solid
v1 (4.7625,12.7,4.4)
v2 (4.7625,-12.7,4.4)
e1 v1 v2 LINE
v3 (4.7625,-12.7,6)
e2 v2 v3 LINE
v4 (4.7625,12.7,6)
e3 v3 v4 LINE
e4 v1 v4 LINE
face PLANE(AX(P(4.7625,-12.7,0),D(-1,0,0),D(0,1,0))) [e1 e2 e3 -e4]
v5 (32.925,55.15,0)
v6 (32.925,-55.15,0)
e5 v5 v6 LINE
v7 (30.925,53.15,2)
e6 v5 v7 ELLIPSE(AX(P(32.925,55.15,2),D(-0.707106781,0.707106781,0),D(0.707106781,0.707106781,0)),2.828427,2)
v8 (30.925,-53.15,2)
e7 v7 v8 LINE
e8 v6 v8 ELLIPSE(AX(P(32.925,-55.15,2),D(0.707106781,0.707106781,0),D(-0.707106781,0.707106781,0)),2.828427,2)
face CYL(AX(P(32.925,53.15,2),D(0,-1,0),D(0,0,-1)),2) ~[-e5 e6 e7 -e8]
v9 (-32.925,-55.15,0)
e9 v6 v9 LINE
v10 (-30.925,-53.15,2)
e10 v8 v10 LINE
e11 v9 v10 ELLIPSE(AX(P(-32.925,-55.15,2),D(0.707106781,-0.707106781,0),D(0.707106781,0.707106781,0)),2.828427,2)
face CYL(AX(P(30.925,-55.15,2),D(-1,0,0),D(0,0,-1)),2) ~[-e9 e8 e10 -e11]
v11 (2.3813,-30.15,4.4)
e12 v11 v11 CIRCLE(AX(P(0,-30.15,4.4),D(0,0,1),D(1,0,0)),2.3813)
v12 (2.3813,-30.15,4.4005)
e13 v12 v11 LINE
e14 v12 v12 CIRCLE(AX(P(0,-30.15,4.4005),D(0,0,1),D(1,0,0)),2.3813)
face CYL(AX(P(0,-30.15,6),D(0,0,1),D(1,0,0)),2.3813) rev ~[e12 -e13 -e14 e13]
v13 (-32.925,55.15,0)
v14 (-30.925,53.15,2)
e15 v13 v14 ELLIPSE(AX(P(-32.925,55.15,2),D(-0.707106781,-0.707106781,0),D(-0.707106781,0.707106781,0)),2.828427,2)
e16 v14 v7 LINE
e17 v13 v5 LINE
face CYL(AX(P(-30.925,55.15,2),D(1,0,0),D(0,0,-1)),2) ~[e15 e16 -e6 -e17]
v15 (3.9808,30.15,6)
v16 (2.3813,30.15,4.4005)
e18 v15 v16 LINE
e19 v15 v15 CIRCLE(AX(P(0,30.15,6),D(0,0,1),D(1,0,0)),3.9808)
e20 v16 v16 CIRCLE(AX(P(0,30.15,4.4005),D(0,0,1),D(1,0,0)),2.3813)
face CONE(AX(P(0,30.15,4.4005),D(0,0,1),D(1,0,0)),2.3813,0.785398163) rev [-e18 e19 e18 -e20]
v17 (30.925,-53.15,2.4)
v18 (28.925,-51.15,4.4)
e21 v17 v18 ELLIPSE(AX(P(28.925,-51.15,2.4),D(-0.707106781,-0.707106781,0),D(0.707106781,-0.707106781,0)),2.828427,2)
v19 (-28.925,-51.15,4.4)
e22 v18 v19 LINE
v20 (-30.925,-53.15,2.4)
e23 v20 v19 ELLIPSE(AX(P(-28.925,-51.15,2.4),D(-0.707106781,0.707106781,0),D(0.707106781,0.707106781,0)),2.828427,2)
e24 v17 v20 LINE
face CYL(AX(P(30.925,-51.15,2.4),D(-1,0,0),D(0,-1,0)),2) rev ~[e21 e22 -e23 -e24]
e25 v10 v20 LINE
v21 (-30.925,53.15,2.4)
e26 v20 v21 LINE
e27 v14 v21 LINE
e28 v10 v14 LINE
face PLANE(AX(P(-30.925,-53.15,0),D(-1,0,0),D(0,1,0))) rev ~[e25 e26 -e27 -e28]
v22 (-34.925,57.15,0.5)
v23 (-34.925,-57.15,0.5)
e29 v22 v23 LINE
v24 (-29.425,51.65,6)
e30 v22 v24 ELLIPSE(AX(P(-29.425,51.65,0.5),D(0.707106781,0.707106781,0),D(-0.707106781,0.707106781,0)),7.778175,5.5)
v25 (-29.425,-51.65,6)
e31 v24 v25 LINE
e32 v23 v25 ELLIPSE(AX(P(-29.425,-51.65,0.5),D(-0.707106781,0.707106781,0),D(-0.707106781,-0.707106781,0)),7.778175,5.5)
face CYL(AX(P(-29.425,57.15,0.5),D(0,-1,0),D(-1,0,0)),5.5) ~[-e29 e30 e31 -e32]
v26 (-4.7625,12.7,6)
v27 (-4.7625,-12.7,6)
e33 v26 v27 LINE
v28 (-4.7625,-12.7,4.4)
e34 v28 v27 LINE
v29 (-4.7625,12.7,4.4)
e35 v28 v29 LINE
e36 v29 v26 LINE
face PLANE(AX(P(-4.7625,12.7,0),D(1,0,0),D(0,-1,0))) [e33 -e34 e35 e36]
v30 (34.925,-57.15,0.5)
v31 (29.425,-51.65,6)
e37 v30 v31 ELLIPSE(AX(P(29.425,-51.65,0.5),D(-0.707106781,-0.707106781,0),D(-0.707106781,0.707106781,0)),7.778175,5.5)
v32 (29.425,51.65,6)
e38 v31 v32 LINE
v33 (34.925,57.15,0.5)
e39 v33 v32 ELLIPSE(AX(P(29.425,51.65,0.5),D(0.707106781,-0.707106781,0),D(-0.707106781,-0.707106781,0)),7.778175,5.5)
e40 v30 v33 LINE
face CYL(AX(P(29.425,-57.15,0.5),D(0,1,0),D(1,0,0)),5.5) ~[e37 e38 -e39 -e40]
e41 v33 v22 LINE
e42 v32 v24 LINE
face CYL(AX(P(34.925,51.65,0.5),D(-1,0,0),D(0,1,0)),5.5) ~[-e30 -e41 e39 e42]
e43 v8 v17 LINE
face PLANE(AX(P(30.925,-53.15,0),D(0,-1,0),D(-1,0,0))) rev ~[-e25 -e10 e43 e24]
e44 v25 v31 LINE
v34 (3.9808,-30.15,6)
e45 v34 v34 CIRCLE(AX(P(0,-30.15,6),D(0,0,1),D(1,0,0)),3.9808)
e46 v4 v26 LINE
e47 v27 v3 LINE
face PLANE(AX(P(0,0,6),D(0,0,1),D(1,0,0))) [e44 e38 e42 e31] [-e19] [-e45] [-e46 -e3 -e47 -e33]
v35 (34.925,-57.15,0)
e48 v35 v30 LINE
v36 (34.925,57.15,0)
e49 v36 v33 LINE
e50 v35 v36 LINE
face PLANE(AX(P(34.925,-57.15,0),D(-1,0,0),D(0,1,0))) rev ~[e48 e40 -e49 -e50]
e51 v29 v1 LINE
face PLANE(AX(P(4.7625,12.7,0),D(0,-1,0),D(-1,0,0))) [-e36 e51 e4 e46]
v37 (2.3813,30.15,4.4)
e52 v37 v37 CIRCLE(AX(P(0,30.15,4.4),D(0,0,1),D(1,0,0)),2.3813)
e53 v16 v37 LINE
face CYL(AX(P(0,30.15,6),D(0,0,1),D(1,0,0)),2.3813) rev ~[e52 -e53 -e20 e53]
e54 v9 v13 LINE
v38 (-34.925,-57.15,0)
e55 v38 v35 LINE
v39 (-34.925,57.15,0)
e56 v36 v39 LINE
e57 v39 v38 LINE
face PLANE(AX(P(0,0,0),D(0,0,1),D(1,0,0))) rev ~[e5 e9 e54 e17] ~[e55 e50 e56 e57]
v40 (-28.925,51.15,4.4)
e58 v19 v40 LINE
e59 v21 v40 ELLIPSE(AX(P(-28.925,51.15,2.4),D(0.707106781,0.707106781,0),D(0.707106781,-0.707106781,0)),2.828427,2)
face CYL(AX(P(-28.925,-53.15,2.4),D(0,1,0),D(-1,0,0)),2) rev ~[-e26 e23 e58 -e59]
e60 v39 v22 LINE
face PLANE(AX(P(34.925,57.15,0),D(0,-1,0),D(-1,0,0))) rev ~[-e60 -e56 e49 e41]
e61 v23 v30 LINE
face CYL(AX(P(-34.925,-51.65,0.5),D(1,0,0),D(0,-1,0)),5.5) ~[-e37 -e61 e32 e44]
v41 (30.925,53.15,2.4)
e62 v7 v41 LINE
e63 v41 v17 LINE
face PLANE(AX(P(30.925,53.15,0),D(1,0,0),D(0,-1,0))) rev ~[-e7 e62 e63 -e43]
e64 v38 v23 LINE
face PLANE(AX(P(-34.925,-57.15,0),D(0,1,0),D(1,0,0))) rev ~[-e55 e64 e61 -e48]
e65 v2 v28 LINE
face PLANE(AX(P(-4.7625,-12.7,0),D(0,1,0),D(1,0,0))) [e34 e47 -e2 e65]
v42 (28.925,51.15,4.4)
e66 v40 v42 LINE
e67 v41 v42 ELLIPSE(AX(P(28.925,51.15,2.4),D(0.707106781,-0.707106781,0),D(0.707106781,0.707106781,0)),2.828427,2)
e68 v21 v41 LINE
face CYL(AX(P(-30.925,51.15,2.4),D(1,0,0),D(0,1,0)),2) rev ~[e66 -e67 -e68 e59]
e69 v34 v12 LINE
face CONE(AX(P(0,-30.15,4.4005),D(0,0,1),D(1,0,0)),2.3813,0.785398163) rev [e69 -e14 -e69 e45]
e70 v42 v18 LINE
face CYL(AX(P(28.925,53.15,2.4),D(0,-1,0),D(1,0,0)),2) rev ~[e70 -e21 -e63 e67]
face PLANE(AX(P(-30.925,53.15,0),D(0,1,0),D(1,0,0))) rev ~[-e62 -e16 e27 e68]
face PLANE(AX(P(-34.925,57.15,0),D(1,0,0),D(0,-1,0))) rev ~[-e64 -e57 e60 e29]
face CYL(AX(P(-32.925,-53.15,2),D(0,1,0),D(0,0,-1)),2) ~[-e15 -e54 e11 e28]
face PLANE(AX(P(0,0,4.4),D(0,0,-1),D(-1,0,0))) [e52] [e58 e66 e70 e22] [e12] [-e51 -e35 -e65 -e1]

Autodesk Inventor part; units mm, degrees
ref_plane "YZ Plane" through (0, 0, 0) normal (1, 0, 0) x (0, 1, 0)
ref_plane "XZ Plane" through (0, 0, 0) normal (0, 1, 0) x (-1, 0, 0)
ref_plane "XY Plane" through (0, 0, 0) normal (0, 0, 1) x (1, 0, 0)
sketch "Sketch1" plane through (0, 0, 0) normal (0, 0, 1) x (1, 0, 0)
  line L0 (-34.925, -57.15) -> (34.925, -57.15)
  line L1 (34.925, -57.15) -> (34.925, 57.15)
  line L2 (34.925, 57.15) -> (-34.925, 57.15)
  line L3 (-34.925, 57.15) -> (-34.925, -57.15)
  line L4 (-34.925, -57.15) -> (34.925, 57.15) construction
  line L5 (34.925, -57.15) -> (-34.925, 57.15) construction
  line L6 (-4.7625, -12.7) -> (4.7625, -12.7)
  line L7 (4.7625, -12.7) -> (4.7625, 12.7)
  line L8 (4.7625, 12.7) -> (-4.7625, 12.7)
  line L9 (-4.7625, 12.7) -> (-4.7625, -12.7)
  line L10 (-4.7625, -12.7) -> (4.7625, 12.7) construction
  line L11 (4.7625, -12.7) -> (-4.7625, 12.7) construction
  point P0 (0, 0)
  dimension "d0" = 69.85
  dimension "d1" = 114.3
  dimension "d2" = 9.525
  dimension "d3" = 25.4
extrude "Extrusion1" add sketch "Sketch1" along normal blind 6
fillet "Fillet1" radius 5.5 4 edges at (0, 57.15, 6) (-34.925, 0, 6) (34.925, 0, 6) (0, -57.15, 6)
sketch "Sketch2" plane through (0, 0, 0) normal (0, 0, -1) x (-1, 0, 0)
  line L0 (-30.925, -53.15) -> (30.925, -53.15)
  line L1 (30.925, -53.15) -> (30.925, 53.15)
  line L2 (30.925, 53.15) -> (-30.925, 53.15)
  line L3 (-30.925, 53.15) -> (-30.925, -53.15)
  line L4 (-30.925, -53.15) -> (30.925, 53.15) construction
  line L5 (30.925, -53.15) -> (-30.925, 53.15) construction
  line L6 (-34.925, 57.15) -> (34.925, 57.15) projected
  line L7 (34.925, 57.15) -> (34.925, -57.15) projected
  point P0 (0, 0)
  dimension "d9" = 4
  dimension "d10" = 4
extrude "Extrusion2" cut sketch "Sketch2" against normal blind 4.4
fillet "Fillet2" radius 2 8 edges at (-30.925, 0, 0) (0, -53.15, 0) (0, 53.15, 0) (0, 53.15, 4.4) (30.925, 0, 4.4) (-30.925, 0, 4.4) (30.925, 0, 0) (0, -53.15, 4.4)
sketch "Sketch3" plane through (0, 0, 6) normal (0, 0, 1) x (1, 0, 0)
  circle A0 centre (0, 30.15) radius 2.3813
  circle A1 centre (0, -30.15) radius 2.3813
  point P0 (0, 0)
  dimension "d14" = 60.3
  dimension "d15" = 4.7625
  dimension "d16" = 30.15
  dimension "d18" = 30.15
extrude "Extrusion3" cut sketch "Sketch3" against normal through all
chamfer "Chamfer1" distance 1.6 angle 45 2 edges at (-2.3813, 30.15, 6) (-2.3813, -30.15, 6)
equation "\"d9\" = d10"
equation "\"d16\" = d18"
properties part number "Light Switch Cover"
